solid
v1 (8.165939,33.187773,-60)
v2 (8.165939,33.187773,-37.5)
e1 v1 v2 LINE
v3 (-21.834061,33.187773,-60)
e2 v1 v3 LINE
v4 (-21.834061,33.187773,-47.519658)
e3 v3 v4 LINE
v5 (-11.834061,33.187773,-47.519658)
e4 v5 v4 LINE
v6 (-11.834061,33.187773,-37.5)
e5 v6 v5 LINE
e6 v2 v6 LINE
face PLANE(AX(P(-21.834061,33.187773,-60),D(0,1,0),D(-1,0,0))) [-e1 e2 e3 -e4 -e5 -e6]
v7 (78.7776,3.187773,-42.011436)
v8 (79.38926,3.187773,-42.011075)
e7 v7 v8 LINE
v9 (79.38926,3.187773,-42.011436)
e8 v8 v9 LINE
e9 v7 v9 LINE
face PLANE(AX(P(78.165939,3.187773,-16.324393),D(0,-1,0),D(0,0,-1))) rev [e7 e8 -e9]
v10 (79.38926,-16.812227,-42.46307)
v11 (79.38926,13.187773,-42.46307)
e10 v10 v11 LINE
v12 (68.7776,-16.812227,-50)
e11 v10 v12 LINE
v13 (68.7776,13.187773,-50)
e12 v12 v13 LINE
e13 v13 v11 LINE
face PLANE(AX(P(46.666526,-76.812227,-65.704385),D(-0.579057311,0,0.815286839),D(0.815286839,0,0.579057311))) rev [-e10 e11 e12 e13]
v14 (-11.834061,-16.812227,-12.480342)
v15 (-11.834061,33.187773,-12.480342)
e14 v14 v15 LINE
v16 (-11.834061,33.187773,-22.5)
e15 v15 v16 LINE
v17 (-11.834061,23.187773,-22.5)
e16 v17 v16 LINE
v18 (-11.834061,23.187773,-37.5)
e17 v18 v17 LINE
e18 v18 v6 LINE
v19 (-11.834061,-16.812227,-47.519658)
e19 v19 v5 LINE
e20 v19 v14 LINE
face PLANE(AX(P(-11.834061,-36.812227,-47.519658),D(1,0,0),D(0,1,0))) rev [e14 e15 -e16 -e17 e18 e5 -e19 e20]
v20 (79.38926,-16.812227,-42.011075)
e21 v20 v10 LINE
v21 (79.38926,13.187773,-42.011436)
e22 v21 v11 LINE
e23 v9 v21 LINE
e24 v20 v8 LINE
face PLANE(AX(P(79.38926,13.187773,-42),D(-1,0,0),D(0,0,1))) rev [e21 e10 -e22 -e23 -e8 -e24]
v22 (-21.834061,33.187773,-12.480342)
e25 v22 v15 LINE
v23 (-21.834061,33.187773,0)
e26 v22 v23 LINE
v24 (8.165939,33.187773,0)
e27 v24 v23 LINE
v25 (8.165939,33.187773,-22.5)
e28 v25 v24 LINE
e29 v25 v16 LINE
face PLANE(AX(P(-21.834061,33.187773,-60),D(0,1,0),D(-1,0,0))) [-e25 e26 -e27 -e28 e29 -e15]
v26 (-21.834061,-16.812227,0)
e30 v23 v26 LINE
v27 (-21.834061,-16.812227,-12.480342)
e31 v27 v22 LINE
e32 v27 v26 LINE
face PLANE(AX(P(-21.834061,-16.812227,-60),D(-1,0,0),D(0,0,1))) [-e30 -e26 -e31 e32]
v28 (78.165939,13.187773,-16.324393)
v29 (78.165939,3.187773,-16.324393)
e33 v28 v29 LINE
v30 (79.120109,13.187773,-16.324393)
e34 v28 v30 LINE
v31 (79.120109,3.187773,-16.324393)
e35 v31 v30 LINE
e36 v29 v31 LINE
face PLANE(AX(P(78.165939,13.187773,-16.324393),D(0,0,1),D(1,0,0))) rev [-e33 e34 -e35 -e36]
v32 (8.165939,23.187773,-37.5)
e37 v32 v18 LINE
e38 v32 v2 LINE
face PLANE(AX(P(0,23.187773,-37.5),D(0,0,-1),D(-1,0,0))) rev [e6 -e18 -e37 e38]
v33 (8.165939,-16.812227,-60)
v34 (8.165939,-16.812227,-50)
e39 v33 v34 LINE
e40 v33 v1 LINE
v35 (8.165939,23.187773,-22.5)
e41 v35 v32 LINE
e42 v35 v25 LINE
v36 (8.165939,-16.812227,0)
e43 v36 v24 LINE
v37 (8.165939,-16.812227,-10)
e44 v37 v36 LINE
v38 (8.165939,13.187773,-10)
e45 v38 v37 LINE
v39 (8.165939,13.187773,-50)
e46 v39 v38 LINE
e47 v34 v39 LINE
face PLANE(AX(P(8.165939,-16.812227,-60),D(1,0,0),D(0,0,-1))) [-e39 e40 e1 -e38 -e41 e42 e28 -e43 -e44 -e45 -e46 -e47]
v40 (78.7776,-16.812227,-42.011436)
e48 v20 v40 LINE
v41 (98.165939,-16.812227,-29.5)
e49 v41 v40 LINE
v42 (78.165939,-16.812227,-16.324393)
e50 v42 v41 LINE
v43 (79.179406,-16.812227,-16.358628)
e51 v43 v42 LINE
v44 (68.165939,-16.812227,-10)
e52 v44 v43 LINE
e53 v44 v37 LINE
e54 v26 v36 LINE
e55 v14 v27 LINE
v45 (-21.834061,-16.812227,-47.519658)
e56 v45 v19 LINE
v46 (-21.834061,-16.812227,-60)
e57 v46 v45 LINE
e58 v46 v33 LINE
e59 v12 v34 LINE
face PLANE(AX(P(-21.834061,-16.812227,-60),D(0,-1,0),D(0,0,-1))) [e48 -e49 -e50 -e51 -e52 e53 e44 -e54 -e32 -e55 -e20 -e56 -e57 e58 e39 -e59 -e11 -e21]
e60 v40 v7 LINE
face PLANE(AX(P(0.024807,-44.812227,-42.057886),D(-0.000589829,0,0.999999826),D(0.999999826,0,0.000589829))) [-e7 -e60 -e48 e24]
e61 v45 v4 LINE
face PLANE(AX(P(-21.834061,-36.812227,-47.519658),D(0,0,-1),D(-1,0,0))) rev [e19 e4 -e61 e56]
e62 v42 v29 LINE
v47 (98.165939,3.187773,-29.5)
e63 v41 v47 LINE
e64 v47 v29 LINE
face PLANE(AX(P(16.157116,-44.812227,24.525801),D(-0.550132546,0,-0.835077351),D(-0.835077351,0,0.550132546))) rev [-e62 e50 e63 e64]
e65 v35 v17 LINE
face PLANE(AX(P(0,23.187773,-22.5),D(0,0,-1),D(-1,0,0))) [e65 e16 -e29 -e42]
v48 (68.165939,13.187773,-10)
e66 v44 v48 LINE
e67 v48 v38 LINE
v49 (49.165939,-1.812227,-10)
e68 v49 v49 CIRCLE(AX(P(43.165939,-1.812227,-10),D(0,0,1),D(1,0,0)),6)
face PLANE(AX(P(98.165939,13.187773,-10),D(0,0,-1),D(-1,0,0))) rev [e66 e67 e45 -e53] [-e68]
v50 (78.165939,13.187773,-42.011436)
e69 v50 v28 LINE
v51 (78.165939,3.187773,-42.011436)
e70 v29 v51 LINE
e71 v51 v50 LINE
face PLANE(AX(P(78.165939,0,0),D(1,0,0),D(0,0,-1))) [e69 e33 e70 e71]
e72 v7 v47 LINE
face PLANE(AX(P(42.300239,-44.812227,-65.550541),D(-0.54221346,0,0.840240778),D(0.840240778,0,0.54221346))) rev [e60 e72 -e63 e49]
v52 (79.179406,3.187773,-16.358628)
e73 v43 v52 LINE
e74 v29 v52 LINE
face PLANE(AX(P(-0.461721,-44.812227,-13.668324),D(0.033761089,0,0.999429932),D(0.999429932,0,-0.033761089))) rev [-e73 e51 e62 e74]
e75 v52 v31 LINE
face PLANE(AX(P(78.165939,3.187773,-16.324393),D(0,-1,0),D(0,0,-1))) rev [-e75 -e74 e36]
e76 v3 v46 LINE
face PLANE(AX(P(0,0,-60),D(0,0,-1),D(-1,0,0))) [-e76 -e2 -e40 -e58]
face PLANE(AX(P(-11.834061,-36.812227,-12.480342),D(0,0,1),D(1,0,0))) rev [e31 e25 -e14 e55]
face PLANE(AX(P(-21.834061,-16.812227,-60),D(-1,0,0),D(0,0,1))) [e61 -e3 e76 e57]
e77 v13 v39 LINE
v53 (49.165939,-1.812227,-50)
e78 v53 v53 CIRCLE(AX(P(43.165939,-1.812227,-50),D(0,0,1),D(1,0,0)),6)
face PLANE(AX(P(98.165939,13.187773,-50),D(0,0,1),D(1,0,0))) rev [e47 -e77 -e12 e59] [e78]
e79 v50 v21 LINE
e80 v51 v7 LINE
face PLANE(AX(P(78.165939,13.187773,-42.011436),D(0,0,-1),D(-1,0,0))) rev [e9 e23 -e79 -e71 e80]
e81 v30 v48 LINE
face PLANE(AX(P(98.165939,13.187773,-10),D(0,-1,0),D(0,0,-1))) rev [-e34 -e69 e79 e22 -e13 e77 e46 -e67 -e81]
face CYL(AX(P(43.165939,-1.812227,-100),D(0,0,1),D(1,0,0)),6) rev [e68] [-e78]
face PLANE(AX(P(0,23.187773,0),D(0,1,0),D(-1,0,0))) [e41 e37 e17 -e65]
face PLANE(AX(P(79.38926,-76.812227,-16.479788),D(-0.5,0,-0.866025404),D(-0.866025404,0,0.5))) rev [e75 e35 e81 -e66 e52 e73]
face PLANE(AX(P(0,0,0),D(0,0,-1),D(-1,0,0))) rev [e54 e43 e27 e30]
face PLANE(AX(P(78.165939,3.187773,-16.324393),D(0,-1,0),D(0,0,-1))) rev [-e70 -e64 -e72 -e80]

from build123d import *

# Parameters (mm, degrees)
SKETCH1_W           = 30
SKETCH1_H           = 50
BOSS_EXTRUDE1_DEPTH = 60
SKETCH2_W           = 40
SKETCH2_H           = 30
BOSS_EXTRUDE2_DEPTH = 90
SKETCH3_R           = 6
CUT_EXTRUDE1_DEPTH  = 90
CUT_EXTRUDE3_DEPTH  = 90
SKETCH6_W           = 25.687042716
SKETCH6_H           = 10
CUT_EXTRUDE4_DEPTH  = 20
SKETCH7_W           = 18.776678674
SKETCH7_H           = 30
CUT_EXTRUDE5_DEPTH  = 6
SKETCH8_W           = 18.776678674
SKETCH8_H           = 30
CUT_EXTRUDE6_DEPTH  = 1
SKETCH9_W           = 18.776678674
SKETCH9_H           = 30
CUT_EXTRUDE7_DEPTH  = 8
CUT_EXTRUDE8_DEPTH  = 48
SKETCH11_W          = 20
SKETCH11_H          = 15
CUT_EXTRUDE9_DEPTH  = 10
SKETCH12_W          = 10
SKETCH12_H          = 35.03931538
CUT_EXTRUDE10_DEPTH = 70


with BuildPart() as part:
    # Sketch1 → Boss-Extrude1 (new body)
    with BuildSketch(Plane.XY):
        with Locations((-6.834061135, 8.187772926)):
            Rectangle(SKETCH1_W, SKETCH1_H)
    extrude(amount=-BOSS_EXTRUDE1_DEPTH)

    # Sketch2 → Boss-Extrude2 (add)
    with BuildSketch(Plane(origin=(8.165938865, 0, 0), x_dir=(0, 0, -1), z_dir=(1, 0, 0))):
        with Locations((30, -1.812227074)):
            Rectangle(SKETCH2_W, SKETCH2_H)
    extrude(amount=BOSS_EXTRUDE2_DEPTH)

    # Sketch3 → Cut-Extrude1 (cut)
    with BuildSketch(Plane.XY.offset(-10)):
        with Locations((43.165938865, -1.812227074)):
            Circle(SKETCH3_R)
    extrude(amount=-CUT_EXTRUDE1_DEPTH, mode=Mode.SUBTRACT)

    # Sketch4 → Cut-Extrude3 (cut)
    with BuildSketch(Plane(origin=(0, 13.187772926, 0), x_dir=(1, 0, 0), z_dir=(0, 1, 0))):
        Polygon((79.389260191, 50), (68.777599528, 50), (79.389260191, 42.463070185), align=None)
        Polygon((79.389260191, 16.479787589), (68.165938865, 10), (79.389260191, 10), align=None)
    extrude(amount=-CUT_EXTRUDE3_DEPTH, mode=Mode.SUBTRACT)

    # Sketch6 → Cut-Extrude4 (cut)
    with BuildSketch(Plane(origin=(98.165938865, 0, 0), x_dir=(0, 0, -1), z_dir=(1, 0, 0))):
        with Locations((29.167914445, 8.187772926)):
            Rectangle(SKETCH6_W, SKETCH6_H)
    extrude(amount=-CUT_EXTRUDE4_DEPTH, mode=Mode.SUBTRACT)

    # Sketch7 → Cut-Extrude5 (cut)
    with BuildSketch(Plane.XY.offset(-10)):
        with Locations((88.777599528, -1.812227074)):
            Rectangle(SKETCH7_W, SKETCH7_H)
    extrude(amount=-CUT_EXTRUDE5_DEPTH, mode=Mode.SUBTRACT)

    # Sketch8 → Cut-Extrude6 (cut)
    with BuildSketch(Plane.XY.offset(-16)):
        with Locations((88.777599528, -1.812227074)):
            Rectangle(SKETCH8_W, SKETCH8_H)
    extrude(amount=-CUT_EXTRUDE6_DEPTH, mode=Mode.SUBTRACT)

    # Sketch9 → Cut-Extrude7 (cut)
    with BuildSketch(Plane(origin=(0, 0, -50), x_dir=(-1, 0, 0), z_dir=(0, 0, -1))):
        with Locations((-88.777599528, -1.812227074)):
            Rectangle(SKETCH9_W, SKETCH9_H)
    extrude(amount=-CUT_EXTRUDE7_DEPTH, mode=Mode.SUBTRACT)

    # Sketch10 → Cut-Extrude8 (cut)
    with BuildSketch(Plane(origin=(0, 3.187772926, 0), x_dir=(1, 0, 0), z_dir=(0, 1, 0))):
        Polygon((98.165938865, 17), (98.165938865, 29.5), (78.165938865, 16.324393087), (79.179406262, 16.358628366), (79.389260191, 16.479787589), (79.389260191, 17), align=None)
        Polygon((79.389260191, 42.011075028), (78.777599528, 42.011435803), (98.165938865, 29.5), (98.165938865, 42), (79.389260191, 42), align=None)
    extrude(amount=-CUT_EXTRUDE8_DEPTH, mode=Mode.SUBTRACT)

    # Sketch11 → Cut-Extrude9 (cut)
    with BuildSketch(Plane(origin=(0, 33.187772926, 0), x_dir=(1, 0, 0), z_dir=(0, 1, 0))):
        with Locations((-1.834061135, 30)):
            Rectangle(SKETCH11_W, SKETCH11_H)
    extrude(amount=-CUT_EXTRUDE9_DEPTH, mode=Mode.SUBTRACT)

    # Sketch12 → Cut-Extrude10 (cut)
    with BuildSketch(Plane(origin=(0, 33.187772926, 0), x_dir=(1, 0, 0), z_dir=(0, 1, 0))):
        with Locations((-16.834061135, 30)):
            Rectangle(SKETCH12_W, SKETCH12_H)
    extrude(amount=-CUT_EXTRUDE10_DEPTH, mode=Mode.SUBTRACT)


solid = part.part
